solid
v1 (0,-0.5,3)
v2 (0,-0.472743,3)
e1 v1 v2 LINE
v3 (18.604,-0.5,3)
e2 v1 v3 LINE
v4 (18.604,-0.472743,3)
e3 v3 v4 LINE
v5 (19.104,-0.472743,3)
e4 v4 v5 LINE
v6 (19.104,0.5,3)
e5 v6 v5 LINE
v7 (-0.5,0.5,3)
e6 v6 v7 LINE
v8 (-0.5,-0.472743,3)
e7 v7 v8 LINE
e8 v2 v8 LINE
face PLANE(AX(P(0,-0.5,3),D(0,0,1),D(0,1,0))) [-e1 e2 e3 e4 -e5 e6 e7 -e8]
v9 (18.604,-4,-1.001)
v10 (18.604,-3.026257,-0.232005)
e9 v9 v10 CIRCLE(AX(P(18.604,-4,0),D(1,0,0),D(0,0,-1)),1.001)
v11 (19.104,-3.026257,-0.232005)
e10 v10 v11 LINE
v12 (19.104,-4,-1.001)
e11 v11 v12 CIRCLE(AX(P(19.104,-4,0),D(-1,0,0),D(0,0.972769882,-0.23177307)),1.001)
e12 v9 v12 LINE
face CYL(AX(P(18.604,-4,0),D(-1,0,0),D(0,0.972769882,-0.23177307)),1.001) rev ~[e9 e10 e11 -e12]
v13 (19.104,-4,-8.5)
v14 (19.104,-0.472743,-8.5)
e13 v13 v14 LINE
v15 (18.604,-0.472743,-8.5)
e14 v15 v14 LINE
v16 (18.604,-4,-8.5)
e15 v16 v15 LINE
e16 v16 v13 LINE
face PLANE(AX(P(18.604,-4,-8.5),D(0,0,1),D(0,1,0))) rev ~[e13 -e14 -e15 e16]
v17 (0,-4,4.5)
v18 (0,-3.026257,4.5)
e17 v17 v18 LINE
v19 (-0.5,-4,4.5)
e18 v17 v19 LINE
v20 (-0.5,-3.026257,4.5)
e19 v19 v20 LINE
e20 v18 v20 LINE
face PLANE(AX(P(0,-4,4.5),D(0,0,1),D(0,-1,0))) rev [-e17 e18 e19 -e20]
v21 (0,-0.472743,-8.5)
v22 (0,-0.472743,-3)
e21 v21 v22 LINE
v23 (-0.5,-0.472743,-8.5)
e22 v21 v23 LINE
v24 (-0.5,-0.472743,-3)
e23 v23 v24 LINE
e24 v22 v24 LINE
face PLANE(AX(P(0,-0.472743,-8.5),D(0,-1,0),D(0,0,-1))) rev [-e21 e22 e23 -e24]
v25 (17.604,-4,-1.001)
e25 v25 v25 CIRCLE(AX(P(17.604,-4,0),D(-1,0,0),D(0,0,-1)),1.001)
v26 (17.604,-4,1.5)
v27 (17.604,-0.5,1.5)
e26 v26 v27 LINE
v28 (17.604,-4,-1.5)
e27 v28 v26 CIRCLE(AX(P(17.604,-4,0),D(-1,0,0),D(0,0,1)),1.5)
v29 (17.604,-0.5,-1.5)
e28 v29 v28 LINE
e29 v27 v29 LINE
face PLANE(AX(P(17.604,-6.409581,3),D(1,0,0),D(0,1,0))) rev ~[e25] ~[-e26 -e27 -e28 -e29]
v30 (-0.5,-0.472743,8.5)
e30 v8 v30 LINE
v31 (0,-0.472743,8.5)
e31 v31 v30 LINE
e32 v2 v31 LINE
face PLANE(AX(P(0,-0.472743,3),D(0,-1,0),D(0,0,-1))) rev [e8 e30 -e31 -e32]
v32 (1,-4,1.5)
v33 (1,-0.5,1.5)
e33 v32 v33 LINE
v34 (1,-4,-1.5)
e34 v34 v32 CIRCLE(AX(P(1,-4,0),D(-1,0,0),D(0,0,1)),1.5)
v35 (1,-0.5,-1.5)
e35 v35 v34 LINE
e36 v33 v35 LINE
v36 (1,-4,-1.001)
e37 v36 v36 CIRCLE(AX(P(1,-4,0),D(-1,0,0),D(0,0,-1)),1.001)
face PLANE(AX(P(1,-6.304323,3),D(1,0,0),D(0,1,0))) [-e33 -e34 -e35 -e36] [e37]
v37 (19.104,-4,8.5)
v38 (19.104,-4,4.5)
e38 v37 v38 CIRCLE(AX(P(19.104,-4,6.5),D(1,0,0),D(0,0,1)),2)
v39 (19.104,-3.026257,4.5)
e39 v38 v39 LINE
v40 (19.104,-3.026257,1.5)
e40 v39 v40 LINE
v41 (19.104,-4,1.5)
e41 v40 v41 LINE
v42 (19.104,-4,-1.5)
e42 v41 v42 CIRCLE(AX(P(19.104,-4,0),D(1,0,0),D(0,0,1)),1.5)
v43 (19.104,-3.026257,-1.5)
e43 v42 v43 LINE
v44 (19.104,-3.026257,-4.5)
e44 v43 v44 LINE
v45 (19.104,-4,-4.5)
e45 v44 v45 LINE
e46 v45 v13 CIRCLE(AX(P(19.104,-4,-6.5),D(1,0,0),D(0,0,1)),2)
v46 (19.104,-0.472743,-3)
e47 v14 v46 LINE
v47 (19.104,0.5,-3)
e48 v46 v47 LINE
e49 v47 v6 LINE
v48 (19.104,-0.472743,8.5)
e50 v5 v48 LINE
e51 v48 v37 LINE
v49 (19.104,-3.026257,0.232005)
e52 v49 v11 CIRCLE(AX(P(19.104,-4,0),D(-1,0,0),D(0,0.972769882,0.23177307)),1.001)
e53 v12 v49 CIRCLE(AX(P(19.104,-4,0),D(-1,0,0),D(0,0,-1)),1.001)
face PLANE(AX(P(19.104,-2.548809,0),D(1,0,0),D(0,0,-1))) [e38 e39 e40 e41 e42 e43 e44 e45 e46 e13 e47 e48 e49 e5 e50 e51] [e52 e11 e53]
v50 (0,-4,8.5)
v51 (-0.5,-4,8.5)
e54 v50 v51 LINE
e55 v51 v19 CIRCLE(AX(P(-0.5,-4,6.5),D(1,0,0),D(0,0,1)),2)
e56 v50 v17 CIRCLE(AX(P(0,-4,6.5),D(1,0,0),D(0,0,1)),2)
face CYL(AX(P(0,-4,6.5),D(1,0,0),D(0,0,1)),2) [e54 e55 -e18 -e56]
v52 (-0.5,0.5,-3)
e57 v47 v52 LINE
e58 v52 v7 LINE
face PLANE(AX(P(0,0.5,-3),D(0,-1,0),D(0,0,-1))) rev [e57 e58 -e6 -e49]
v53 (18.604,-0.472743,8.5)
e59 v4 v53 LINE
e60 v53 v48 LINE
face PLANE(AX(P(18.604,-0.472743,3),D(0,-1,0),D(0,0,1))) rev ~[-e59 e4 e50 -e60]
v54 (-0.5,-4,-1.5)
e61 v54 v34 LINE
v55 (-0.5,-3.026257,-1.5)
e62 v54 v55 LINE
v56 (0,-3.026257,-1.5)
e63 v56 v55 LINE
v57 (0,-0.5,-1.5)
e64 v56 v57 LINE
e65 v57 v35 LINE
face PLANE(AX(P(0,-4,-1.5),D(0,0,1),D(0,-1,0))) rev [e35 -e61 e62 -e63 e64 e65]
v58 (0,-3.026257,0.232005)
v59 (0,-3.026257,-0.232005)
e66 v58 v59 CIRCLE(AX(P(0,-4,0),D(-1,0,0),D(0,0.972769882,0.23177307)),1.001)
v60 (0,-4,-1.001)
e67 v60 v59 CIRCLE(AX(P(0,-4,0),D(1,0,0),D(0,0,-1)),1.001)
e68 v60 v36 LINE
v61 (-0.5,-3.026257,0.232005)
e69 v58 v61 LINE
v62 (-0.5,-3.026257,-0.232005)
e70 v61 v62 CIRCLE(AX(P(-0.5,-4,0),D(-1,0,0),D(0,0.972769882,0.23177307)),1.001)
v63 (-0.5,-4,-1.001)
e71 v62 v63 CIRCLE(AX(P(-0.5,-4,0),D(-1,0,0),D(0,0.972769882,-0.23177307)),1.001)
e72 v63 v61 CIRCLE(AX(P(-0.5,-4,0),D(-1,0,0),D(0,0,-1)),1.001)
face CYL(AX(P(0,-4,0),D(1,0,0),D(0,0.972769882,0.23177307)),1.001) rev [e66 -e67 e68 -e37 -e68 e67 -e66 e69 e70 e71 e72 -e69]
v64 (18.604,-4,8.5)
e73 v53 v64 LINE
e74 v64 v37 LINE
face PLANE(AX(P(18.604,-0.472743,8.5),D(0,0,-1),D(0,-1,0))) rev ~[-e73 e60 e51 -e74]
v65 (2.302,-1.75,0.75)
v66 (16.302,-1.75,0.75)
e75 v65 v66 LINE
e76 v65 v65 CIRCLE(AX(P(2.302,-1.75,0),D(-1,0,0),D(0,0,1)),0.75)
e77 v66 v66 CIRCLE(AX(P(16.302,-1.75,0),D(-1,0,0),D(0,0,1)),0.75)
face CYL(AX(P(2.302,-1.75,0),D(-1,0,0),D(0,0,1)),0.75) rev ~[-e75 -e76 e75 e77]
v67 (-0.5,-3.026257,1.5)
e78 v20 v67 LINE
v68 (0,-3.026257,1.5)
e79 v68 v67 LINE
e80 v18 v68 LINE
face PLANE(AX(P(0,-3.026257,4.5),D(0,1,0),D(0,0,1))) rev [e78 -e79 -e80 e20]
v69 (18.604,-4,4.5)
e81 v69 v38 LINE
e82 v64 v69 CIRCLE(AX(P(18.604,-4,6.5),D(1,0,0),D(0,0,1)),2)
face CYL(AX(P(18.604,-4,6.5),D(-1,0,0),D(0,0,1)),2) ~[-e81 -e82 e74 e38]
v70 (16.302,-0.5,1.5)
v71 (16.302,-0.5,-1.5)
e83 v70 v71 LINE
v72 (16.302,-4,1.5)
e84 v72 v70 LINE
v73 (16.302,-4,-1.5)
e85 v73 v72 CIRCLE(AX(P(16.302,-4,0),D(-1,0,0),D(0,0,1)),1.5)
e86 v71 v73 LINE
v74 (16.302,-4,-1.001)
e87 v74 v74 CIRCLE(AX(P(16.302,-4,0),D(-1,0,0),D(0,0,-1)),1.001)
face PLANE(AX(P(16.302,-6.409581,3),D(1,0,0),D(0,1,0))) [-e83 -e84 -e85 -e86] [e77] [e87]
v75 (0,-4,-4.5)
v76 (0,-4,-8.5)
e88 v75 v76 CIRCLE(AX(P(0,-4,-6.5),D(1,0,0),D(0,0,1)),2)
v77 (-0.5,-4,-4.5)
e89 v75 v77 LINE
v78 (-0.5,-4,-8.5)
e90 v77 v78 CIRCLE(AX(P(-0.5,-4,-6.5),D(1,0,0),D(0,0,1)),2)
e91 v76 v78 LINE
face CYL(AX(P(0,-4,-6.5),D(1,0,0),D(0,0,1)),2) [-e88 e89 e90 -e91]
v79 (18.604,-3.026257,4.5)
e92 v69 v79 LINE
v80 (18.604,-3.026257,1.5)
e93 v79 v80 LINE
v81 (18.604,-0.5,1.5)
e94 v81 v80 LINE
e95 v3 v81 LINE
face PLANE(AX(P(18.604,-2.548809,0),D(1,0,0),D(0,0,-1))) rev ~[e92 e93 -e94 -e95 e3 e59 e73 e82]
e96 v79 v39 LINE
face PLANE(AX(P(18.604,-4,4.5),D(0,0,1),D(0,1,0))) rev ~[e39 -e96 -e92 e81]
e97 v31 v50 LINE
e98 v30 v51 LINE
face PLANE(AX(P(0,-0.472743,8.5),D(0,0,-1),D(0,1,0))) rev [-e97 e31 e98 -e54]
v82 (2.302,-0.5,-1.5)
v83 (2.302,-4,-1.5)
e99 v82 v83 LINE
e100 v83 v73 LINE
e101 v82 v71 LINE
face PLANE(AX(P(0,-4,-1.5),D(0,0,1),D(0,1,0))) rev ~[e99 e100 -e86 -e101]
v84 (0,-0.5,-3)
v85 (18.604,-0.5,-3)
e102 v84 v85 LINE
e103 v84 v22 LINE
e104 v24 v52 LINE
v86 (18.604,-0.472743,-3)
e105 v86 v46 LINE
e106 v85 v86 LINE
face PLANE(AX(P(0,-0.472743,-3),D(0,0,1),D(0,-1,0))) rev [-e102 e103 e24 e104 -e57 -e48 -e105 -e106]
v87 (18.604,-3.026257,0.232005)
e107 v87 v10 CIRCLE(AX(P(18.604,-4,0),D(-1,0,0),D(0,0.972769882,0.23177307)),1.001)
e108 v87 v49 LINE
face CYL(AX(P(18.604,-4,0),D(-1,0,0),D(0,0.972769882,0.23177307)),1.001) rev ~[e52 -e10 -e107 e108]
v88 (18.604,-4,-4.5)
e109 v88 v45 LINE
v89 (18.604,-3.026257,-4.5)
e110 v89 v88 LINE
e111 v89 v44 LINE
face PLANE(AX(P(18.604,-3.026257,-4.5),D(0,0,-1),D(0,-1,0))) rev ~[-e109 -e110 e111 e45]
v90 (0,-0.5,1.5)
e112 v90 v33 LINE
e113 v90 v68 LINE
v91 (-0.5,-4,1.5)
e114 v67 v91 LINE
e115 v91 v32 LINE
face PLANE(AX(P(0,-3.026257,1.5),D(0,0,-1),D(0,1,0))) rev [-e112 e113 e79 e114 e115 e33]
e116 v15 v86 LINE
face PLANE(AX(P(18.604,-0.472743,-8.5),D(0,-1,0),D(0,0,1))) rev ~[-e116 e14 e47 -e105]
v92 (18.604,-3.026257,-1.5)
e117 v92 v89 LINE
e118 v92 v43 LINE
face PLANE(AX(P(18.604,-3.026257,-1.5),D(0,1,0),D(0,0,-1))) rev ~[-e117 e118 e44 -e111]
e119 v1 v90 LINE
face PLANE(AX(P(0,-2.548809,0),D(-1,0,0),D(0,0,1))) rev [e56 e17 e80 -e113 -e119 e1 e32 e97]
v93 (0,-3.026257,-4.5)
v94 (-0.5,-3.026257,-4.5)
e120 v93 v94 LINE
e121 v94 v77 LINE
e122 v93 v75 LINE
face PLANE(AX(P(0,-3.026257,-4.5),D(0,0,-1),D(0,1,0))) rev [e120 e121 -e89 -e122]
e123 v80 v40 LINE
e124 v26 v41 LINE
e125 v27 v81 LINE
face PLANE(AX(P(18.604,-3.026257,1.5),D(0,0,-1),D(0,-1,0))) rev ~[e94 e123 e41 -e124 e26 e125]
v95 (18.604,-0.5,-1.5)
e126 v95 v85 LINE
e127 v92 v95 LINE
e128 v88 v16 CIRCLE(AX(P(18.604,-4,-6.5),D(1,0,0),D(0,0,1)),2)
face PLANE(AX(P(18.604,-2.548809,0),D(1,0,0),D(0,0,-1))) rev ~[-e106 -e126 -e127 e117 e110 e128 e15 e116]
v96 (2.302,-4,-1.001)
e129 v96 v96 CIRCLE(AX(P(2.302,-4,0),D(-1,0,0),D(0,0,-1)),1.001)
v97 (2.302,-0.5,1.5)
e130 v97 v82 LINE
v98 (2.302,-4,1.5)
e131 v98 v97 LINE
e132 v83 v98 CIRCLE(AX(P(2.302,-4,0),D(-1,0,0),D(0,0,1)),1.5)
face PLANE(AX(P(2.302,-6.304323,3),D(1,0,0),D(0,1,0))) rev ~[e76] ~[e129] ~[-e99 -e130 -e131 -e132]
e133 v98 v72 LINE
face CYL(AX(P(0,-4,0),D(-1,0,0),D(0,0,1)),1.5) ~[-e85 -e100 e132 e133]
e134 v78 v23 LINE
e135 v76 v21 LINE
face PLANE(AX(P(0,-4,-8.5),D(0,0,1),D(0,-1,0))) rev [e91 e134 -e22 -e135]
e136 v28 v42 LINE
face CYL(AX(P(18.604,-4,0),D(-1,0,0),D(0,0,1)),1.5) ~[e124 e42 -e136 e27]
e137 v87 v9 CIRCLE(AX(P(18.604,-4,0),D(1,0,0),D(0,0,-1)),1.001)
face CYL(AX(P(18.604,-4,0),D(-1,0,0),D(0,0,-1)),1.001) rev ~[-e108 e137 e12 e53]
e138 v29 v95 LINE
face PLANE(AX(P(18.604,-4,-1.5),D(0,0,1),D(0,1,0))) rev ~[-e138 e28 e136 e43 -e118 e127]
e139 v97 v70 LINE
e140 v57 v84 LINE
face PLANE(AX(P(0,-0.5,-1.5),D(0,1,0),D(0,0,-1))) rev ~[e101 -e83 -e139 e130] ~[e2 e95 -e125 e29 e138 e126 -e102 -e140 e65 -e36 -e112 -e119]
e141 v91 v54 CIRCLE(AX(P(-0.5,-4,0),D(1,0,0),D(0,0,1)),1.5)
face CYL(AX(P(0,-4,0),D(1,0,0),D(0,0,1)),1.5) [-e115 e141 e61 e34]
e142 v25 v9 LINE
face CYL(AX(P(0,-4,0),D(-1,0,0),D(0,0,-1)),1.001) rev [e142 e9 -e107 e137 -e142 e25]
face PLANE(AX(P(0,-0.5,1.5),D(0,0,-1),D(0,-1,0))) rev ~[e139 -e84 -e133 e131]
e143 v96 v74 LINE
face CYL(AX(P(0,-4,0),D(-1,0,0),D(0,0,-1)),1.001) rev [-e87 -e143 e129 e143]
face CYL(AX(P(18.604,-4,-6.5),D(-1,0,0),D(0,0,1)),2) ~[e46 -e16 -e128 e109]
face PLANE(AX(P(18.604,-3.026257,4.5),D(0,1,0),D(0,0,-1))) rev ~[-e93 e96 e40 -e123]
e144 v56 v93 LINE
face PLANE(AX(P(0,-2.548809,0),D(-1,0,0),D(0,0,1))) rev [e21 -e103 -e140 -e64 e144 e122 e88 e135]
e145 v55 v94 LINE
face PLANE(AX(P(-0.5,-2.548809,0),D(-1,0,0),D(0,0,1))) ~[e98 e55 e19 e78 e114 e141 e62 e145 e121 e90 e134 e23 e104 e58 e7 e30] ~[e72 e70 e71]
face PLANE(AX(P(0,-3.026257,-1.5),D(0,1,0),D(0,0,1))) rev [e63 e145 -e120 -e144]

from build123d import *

# Parameters (mm, degrees)
SKETCH1_R           = 1.001
SKETCH1_W           = 6
SKETCH1_H           = 1
BOSS_EXTRUDE1_DEPTH = 18.604
CUT_EXTRUDE1_REACH  = 8
SKETCH2_W           = 1.302
SKETCH2_H           = 5.804323037
SKETCH2_H_2         = 5.909581117
CUT_EXTRUDE2_REACH  = 18.302
SKETCH3_R           = 0.75
BOSS_EXTRUDE2_DEPTH = 0.5


with BuildPart() as part:
    # Sketch1 → Boss-Extrude1 (new body)
    with BuildSketch(Plane(origin=(0, 0, 0), x_dir=(0, 0, -1), z_dir=(1, 0, 0))):
        with BuildLine():
            Line((1.5, -4), (1.5, -0.5))
            Line((1.5, -0.5), (-1.5, -0.5))
            Line((-1.5, -0.5), (-1.5, -4))
            ThreePointArc((-1.5, -4), (0, -5.5), (1.5, -4))
        make_face()
        with Locations((0, -4)):
            Circle(SKETCH1_R, mode=Mode.SUBTRACT)
        Rectangle(SKETCH1_W, SKETCH1_H)
    extrude(amount=BOSS_EXTRUDE1_DEPTH)

    # Sketch2 → Cut-Extrude1 (cut, up to next)
    with BuildSketch(Plane.XY.offset(3), mode=Mode.PRIVATE) as cut_extrude1_sk1:
        with Locations((1.651, -3.402161519)):
            Rectangle(SKETCH2_W, SKETCH2_H)
    cut_extrude1_tool1 = extrude(cut_extrude1_sk1.sketch, amount=-CUT_EXTRUDE1_REACH, mode=Mode.PRIVATE) & part.part
    add(cut_extrude1_tool1.solids().sort_by_distance((1.651, -3.402162, 3))[0], mode=Mode.SUBTRACT)
    # Sketch2 → Cut-Extrude1 (cut, up to next)
    with BuildSketch(Plane.XY.offset(3), mode=Mode.PRIVATE) as cut_extrude1_sk2:
        with Locations((16.953, -3.454790559)):
            Rectangle(SKETCH2_W, SKETCH2_H_2)
    cut_extrude1_tool2 = extrude(cut_extrude1_sk2.sketch, amount=-CUT_EXTRUDE1_REACH, mode=Mode.PRIVATE) & part.part
    add(cut_extrude1_tool2.solids().sort_by_distance((16.953, -3.454791, 3))[0], mode=Mode.SUBTRACT)

    # Sketch3 → Cut-Extrude2 (cut, up to next)
    with BuildSketch(Plane.ZY.offset(-2.302), mode=Mode.PRIVATE) as cut_extrude2_sk1:
        with Locations((0, -1.75)):
            Circle(SKETCH3_R)
    cut_extrude2_tool1 = extrude(cut_extrude2_sk1.sketch, amount=-CUT_EXTRUDE2_REACH, mode=Mode.PRIVATE) & part.part
    add(cut_extrude2_tool1.solids().sort_by_distance((2.302, -1.75, 0))[0], mode=Mode.SUBTRACT)

    # Sketch4 → Boss-Extrude2 (add)
    with BuildSketch(Plane(origin=(18.604, 0, 0), x_dir=(0, 0, -1), z_dir=(1, 0, 0))):
        with BuildLine():
            Line((-4.5, -4), (-4.5, -3.026257348))
            Line((-4.5, -3.026257348), (-1.5, -3.026257348))
            Line((-1.5, -3.026257348), (-1.5, -4))
            ThreePointArc((-1.5, -4), (0, -5.5), (1.5, -4))
            Line((1.5, -4), (1.5, -3.026257348))
            Line((1.5, -3.026257348), (4.5, -3.026257348))
            Line((4.5, -3.026257348), (4.5, -4))
            ThreePointArc((4.5, -4), (6.5, -6), (8.5, -4))
            Line((8.5, -4), (8.5, -3.026257348))
            Line((8.5, -3.026257348), (8.5, -0.472742652))
            Line((8.5, -0.472742652), (3, -0.472742652))
            Line((3, -0.472742652), (3, 0.5))
            Line((3, 0.5), (-3, 0.5))
            Line((-3, 0.5), (-3, -0.472742652))
            Line((-3, -0.472742652), (-8.5, -0.472742652))
            Line((-8.5, -0.472742652), (-8.5, -3.026257348))
            Line((-8.5, -3.026257348), (-8.5, -4))
            ThreePointArc((-8.5, -4), (-6.5, -6), (-4.5, -4))
        make_face()
        with BuildLine():
            ThreePointArc((1.001, -4), (-0.620388649, -4.785569173), (-0.232004845, -3.026257348))
            ThreePointArc((-0.232004845, -3.026257348), (0, -2.999), (0.232004845, -3.026257348))
            ThreePointArc((0.232004845, -3.026257348), (0.785569173, -3.379611351), (1.001, -4))
        make_face(mode=Mode.SUBTRACT)
    boss_extrude2 = extrude(amount=BOSS_EXTRUDE2_DEPTH)

    # Mirror2: Boss-Extrude2 across plane
    add(boss_extrude2.mirror(Plane.ZY.offset(-9.302)))


solid = part.part
